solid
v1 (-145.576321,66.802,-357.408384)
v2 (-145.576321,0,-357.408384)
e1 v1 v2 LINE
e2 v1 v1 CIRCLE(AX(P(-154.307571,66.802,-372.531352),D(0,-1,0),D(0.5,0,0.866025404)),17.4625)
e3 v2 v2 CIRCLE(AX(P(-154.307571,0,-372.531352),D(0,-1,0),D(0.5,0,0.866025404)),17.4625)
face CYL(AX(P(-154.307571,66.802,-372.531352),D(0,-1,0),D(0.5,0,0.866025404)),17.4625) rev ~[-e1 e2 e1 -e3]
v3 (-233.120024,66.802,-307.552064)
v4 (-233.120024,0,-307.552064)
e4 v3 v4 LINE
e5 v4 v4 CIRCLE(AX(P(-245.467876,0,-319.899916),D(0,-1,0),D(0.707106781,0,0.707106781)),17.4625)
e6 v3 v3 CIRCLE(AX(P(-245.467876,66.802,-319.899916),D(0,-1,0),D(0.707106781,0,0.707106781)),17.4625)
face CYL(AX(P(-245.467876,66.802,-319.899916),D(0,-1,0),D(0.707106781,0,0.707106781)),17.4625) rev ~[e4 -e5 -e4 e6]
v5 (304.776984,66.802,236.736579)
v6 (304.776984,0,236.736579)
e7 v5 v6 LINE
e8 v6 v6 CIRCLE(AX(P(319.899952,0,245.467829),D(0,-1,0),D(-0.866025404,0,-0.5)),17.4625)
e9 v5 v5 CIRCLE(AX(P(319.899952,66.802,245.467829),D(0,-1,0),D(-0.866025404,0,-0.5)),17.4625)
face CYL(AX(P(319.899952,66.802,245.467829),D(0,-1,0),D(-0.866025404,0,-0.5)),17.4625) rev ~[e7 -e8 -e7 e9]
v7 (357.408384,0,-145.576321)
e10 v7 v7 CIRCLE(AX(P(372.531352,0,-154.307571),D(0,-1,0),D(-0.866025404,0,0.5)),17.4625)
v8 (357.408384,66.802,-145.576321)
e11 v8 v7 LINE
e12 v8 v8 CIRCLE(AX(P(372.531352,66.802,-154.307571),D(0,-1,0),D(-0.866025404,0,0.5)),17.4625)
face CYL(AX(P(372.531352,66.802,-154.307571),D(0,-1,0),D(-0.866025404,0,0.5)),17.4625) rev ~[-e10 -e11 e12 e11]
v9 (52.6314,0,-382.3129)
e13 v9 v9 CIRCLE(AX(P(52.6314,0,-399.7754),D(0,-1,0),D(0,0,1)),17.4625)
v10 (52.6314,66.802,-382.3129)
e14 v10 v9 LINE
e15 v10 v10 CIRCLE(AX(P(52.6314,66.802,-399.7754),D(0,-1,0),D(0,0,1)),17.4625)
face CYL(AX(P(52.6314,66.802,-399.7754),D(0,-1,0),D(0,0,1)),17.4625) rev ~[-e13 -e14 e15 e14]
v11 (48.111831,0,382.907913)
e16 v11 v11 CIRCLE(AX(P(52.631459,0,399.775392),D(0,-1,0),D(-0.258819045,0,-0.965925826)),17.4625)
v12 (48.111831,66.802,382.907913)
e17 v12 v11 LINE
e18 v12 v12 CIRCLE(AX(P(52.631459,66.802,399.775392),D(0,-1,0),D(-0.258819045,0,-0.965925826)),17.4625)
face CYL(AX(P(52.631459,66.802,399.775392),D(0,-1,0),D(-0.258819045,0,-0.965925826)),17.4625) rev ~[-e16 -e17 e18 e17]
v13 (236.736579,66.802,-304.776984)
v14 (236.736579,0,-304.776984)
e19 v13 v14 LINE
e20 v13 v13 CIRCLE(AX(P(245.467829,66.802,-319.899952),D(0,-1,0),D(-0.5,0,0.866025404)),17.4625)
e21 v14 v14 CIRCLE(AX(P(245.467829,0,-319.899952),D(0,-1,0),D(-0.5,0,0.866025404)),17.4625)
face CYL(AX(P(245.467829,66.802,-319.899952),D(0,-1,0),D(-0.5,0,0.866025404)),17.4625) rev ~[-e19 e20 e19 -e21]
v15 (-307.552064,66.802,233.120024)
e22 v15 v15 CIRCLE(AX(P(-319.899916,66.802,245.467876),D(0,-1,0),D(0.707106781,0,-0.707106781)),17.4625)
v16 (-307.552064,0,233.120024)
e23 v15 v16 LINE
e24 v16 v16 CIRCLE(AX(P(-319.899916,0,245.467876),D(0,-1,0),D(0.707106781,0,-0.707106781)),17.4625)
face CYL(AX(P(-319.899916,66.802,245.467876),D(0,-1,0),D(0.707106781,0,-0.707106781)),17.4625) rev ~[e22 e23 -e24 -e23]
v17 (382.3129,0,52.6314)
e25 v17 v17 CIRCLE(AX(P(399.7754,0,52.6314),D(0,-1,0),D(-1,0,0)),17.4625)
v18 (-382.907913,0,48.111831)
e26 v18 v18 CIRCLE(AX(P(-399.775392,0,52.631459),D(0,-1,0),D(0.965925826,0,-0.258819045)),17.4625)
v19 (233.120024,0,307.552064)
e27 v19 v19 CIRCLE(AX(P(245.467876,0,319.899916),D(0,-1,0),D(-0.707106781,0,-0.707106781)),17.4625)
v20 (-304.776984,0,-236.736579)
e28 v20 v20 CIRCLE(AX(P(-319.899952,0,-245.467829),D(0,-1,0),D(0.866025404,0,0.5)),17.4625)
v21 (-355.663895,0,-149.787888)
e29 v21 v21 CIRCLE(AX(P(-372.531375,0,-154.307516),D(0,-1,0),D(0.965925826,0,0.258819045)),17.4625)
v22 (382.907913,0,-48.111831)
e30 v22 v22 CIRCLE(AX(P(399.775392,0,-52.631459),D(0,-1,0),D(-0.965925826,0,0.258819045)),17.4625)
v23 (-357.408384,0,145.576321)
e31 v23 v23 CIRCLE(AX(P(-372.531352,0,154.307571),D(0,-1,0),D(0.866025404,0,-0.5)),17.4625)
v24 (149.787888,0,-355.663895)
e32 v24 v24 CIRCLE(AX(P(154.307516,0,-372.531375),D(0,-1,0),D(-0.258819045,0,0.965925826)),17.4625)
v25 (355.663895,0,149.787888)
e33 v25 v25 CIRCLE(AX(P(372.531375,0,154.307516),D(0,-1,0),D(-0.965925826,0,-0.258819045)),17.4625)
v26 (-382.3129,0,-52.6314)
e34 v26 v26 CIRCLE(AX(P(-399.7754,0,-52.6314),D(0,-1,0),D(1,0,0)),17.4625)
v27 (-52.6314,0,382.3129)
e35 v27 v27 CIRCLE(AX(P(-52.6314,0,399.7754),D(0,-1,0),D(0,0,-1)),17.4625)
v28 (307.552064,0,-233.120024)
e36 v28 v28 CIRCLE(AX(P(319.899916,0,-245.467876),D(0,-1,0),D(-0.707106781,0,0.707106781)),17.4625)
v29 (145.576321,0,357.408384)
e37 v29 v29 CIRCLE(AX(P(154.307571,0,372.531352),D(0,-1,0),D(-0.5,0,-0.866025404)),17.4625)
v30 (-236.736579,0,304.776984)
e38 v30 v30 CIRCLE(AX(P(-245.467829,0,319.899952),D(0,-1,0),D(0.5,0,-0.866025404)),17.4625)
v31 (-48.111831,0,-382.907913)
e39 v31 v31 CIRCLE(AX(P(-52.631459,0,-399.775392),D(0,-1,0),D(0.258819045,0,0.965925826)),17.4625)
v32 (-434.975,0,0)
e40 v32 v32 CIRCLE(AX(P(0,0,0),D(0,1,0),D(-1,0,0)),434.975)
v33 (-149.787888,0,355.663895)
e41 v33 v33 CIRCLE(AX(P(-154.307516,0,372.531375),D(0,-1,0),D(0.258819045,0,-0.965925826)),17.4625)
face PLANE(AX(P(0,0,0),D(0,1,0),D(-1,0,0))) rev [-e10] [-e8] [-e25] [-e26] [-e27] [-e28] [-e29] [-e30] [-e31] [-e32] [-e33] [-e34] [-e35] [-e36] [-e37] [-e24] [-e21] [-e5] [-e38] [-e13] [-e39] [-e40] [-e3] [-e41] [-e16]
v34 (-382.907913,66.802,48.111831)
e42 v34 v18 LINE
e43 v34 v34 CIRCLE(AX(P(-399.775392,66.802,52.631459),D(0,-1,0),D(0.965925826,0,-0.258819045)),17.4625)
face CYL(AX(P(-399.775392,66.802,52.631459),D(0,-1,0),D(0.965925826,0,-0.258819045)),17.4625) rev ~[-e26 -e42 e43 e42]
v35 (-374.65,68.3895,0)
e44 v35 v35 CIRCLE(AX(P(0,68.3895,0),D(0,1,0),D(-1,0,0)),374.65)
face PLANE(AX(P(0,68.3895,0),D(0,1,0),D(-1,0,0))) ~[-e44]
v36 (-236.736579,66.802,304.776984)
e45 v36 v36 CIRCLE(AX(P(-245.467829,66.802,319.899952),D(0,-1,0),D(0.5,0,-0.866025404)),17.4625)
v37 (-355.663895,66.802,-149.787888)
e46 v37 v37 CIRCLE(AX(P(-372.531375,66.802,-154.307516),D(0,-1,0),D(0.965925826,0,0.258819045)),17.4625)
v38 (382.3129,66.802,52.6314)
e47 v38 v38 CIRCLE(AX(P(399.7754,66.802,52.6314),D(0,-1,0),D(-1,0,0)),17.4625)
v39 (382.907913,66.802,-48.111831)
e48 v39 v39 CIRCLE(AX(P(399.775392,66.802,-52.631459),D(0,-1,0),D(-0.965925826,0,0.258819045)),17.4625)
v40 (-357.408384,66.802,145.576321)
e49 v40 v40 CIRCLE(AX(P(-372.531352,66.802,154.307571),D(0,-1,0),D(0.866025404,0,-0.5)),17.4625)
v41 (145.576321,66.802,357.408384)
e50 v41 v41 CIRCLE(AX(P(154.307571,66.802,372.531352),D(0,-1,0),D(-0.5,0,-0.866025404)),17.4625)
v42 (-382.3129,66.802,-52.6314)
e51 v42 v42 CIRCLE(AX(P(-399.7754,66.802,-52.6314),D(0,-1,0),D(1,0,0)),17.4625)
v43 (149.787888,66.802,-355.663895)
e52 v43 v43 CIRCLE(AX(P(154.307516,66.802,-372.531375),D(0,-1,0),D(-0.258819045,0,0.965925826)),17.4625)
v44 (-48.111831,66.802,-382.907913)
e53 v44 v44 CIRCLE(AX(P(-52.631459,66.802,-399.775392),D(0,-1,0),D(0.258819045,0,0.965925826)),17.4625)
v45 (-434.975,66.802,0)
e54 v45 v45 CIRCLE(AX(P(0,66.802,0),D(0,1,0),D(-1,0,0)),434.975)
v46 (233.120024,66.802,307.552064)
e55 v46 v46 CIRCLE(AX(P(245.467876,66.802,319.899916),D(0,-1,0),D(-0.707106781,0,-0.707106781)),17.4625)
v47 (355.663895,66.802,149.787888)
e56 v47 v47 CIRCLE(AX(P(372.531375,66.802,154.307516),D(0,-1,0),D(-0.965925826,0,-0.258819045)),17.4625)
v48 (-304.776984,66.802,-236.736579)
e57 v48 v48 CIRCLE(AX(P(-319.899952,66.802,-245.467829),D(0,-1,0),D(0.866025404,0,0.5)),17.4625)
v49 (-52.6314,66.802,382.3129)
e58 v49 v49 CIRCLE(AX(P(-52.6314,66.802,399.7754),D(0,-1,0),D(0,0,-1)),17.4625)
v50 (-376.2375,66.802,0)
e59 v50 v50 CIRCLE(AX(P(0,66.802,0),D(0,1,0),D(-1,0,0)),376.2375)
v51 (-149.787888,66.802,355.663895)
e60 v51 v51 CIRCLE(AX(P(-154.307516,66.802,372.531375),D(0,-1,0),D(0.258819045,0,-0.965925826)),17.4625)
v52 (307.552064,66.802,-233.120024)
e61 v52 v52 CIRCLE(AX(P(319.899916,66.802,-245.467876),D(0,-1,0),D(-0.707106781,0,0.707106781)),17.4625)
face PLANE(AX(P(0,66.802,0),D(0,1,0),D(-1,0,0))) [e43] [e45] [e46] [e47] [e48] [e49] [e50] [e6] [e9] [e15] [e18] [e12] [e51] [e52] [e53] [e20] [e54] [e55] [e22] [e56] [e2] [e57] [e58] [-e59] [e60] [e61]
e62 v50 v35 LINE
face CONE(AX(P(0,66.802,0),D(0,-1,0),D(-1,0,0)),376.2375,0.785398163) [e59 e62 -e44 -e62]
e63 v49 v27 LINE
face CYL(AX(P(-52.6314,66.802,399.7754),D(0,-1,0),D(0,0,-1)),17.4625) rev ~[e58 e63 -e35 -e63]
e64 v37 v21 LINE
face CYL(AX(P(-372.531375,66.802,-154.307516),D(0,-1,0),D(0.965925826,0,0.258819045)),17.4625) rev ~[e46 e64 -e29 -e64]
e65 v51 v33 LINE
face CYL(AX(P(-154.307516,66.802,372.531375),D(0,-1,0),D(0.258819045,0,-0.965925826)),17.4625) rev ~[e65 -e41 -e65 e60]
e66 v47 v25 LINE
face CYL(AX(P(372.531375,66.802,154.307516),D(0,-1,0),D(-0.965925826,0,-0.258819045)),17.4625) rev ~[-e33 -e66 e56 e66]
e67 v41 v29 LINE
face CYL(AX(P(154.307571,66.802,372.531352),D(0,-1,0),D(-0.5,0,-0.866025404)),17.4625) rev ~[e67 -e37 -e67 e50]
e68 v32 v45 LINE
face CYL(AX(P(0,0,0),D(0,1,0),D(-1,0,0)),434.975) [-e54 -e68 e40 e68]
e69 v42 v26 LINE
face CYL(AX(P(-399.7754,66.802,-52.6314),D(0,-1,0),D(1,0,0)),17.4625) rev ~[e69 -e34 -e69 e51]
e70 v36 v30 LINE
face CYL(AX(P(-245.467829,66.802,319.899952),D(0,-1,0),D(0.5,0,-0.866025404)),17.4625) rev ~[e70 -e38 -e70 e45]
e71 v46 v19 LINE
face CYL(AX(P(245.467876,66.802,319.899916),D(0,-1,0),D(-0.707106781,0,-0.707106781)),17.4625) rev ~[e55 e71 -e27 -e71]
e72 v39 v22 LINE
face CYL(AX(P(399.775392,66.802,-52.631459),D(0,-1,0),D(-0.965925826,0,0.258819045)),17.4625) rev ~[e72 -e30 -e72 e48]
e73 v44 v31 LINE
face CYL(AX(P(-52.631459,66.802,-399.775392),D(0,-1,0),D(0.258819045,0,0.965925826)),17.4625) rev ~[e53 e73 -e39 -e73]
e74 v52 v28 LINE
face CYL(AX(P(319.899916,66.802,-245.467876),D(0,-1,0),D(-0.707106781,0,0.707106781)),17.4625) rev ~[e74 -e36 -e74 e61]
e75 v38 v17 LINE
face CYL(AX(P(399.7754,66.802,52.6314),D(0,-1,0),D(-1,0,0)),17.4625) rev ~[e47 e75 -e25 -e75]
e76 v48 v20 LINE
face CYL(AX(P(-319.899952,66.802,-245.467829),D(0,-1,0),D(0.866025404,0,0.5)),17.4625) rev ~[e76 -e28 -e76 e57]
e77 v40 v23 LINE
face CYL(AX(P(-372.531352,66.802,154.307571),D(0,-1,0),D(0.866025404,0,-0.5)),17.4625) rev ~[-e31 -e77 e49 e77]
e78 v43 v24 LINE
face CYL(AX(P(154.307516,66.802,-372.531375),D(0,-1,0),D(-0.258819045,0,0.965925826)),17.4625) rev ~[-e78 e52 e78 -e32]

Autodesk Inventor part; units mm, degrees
ref_plane "YZ Plane" through (0, 0, 0) normal (1, 0, 0) x (0, 1, 0)
ref_plane "XZ Plane" through (0, 0, 0) normal (0, 1, 0) x (-1, 0, 0)
ref_plane "XY Plane" through (0, 0, 0) normal (0, 0, 1) x (1, 0, 0)
sketch "Sketch1" plane through (0, 0, 0) normal (0, 0, 1) x (1, 0, 0)
  line L0 (0, 0) -> (0, 68.3895)
  line L1 (-11.176, 0) -> (-17.526, 0)
  line L2 (0, 0) -> (-434.975, 0)
  line L3 (-434.975, 0) -> (-434.975, 66.802)
  line L4 (-434.975, 66.802) -> (-376.2375, 66.802)
  line L5 (-403.225, 66.802) -> (-403.225, 0) construction
  line L6 (0, 68.3895) -> (-374.65, 68.3895)
  line L7 (-376.2375, 66.802) -> (-374.65, 68.3895)
  dimension "Thickness" = 66.802
  dimension "OD" = 869.95
  dimension "BC" = 806.45
  dimension "d25" = 1.5875
  dimension "d26" = 135
  dimension "R" = 749.3
revolve "Revolution1" add sketch "Sketch1" angle 360 about axis through (0, 0, 0) along (0, 1, 0)
sketch "Sketch2" plane through (0, 66.802, 0) normal (0, 1, 0) x (1, 0, 0)
  line L0 (0, 0) -> (0, 434.975) construction
  circle A0 centre (0, 0) radius 434.975 projected
  line L1 (0, 0) -> (52.6314, 399.7754) construction
  dimension "d11" = 7.5
  dimension "d12" = 403.225
hole "Hole1" at (52.6314, 66.802, -399.7754) direction (0, -1, 0) diameter 34.925 depth 66.802
pattern_circular "Circular Pattern1" count 24 over 360 about axis through (0, -10, 0) along (0, 1, 0) of "Hole1"
equation "\"d12\" = 0.5 * BC"
properties part number "ASME-A150-26B"
